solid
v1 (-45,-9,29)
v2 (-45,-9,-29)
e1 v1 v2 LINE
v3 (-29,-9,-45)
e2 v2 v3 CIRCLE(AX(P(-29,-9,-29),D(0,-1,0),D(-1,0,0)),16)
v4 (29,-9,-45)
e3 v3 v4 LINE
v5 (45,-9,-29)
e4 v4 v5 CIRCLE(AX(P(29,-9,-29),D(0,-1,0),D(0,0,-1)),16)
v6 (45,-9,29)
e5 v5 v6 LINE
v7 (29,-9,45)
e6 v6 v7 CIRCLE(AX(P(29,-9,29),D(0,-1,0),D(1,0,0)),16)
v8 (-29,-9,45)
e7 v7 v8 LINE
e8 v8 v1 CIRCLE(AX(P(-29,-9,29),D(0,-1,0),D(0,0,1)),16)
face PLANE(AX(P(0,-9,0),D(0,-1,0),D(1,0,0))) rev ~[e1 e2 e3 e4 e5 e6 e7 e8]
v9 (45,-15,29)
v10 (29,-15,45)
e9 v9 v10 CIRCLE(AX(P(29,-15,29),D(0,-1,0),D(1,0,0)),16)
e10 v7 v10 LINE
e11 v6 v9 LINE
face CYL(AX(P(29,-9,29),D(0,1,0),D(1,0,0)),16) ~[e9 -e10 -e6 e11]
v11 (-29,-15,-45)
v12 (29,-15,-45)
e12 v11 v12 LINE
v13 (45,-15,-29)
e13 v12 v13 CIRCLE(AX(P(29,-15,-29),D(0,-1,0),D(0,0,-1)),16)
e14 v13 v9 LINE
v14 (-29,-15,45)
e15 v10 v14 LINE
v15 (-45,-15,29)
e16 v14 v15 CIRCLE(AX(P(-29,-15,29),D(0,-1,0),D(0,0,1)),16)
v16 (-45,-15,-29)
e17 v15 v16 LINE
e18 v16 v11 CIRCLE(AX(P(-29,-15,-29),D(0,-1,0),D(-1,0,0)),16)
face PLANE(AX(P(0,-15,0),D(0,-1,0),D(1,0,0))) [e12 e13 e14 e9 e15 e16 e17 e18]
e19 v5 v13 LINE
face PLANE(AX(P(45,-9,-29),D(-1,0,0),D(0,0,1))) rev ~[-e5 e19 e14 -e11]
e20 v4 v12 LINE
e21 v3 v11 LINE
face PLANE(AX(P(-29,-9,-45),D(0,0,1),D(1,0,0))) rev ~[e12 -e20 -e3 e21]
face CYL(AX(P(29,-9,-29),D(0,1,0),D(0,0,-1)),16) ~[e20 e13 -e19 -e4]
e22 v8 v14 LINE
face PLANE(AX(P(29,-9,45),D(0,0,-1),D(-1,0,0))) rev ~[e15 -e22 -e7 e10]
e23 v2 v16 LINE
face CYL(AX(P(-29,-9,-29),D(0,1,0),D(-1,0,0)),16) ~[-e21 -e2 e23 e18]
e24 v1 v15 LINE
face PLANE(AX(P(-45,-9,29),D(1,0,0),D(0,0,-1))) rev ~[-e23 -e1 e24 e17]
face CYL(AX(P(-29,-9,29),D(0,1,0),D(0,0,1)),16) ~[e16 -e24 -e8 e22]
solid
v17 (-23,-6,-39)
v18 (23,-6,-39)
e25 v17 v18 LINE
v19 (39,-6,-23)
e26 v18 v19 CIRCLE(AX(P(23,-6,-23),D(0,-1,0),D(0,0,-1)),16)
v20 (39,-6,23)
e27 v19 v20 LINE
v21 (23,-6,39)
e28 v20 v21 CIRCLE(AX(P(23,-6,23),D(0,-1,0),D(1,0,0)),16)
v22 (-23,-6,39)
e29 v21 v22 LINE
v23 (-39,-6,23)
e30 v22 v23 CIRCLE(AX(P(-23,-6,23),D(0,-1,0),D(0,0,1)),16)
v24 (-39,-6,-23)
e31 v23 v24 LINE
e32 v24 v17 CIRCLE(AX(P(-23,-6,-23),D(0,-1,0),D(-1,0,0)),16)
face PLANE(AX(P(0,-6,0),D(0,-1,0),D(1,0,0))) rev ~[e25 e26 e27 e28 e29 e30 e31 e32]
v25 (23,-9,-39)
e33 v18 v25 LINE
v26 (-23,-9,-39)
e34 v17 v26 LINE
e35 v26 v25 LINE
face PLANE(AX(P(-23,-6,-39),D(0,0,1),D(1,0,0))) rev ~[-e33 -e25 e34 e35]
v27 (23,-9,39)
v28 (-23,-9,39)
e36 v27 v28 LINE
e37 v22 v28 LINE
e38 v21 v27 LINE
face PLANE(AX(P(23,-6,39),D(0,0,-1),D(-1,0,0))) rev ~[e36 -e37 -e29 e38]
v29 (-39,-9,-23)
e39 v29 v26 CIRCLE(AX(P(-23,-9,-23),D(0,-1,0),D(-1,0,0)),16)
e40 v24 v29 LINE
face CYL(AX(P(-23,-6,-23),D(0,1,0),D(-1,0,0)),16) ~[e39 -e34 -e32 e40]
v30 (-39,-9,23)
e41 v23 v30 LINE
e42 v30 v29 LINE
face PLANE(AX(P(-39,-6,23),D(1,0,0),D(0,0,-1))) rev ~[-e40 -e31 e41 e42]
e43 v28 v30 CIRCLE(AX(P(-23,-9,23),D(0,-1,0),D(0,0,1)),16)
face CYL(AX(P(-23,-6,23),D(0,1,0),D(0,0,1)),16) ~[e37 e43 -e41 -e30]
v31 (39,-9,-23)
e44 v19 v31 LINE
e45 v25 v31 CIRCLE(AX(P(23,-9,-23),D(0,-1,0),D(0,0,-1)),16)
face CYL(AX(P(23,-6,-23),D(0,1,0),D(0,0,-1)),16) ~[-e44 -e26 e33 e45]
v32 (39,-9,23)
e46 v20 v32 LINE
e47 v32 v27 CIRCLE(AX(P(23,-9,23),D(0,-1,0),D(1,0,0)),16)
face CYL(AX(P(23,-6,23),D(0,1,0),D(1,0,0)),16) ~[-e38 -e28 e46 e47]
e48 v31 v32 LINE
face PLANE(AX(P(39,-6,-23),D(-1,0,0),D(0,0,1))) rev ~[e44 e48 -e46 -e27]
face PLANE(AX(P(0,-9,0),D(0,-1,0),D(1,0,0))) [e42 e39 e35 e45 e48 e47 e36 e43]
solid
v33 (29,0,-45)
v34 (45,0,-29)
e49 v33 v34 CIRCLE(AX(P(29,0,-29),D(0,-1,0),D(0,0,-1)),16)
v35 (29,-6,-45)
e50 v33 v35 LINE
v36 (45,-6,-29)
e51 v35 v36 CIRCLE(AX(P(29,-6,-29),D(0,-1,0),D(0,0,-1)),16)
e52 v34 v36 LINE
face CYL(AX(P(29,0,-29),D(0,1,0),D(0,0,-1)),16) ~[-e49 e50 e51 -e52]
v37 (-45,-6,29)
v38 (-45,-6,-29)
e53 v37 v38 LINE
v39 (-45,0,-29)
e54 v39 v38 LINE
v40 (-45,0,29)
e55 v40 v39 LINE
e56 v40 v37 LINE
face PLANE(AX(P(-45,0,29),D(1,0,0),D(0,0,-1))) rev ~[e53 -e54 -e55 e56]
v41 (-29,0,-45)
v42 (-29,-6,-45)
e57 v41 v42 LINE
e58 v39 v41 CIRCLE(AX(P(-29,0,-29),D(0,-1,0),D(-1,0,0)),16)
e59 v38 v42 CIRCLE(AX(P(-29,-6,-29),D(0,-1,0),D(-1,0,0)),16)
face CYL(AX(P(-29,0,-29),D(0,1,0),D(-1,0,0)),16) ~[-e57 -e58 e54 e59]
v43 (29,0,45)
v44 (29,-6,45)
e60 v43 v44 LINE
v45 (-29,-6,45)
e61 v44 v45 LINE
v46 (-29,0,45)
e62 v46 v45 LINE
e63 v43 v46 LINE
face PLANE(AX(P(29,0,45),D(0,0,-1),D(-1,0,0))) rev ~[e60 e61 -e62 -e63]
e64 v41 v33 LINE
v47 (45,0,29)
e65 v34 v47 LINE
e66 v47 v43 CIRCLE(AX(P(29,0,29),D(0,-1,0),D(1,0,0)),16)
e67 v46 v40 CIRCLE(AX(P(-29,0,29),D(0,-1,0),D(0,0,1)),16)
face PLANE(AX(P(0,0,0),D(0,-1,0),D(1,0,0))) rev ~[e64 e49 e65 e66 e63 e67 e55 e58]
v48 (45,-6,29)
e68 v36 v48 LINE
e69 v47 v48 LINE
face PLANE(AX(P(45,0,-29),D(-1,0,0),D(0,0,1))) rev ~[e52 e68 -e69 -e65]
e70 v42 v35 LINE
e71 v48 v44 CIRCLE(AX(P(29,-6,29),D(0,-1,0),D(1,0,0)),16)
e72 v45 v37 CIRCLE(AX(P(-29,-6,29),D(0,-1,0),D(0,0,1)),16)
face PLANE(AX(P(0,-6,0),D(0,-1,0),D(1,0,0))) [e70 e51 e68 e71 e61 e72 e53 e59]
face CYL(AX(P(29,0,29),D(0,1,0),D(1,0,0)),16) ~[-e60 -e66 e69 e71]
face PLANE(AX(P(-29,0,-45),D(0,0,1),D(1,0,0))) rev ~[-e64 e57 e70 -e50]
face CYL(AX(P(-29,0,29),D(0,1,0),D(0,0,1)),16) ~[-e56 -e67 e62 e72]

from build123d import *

# Parameters (mm, degrees)
F1_DEPTH = 6
F3_DEPTH = 3
F5_DEPTH = 6


with BuildPart() as f1:
    # F0 (on Front) → F1 (new body)
    with BuildSketch(Plane.XZ):
        with BuildLine():
            Line((29, 45), (-29, 45))
            ThreePointArc((-29, 45), (-40.313708499, 40.313708499), (-45, 29))
            Line((-45, 29), (-45, -29))
            ThreePointArc((-45, -29), (-40.313708499, -40.313708499), (-29, -45))
            Line((-29, -45), (29, -45))
            ThreePointArc((29, -45), (40.313708499, -40.313708499), (45, -29))
            Line((45, -29), (45, 29))
            ThreePointArc((45, 29), (40.313708499, 40.313708499), (29, 45))
        make_face()
    extrude(amount=F1_DEPTH)


with BuildPart() as f3:
    # F2 (on face) → F3 (new body)
    with BuildSketch(Plane.XZ.offset(6)):
        with BuildLine():
            Line((23, 39), (-23, 39))
            ThreePointArc((-23, 39), (-34.313708499, 34.313708499), (-39, 23))
            Line((-39, 23), (-39, -23))
            ThreePointArc((-39, -23), (-34.313708499, -34.313708499), (-23, -39))
            Line((-23, -39), (23, -39))
            ThreePointArc((23, -39), (34.313708499, -34.313708499), (39, -23))
            Line((39, -23), (39, 23))
            ThreePointArc((39, 23), (34.313708499, 34.313708499), (23, 39))
        make_face()
    extrude(amount=F3_DEPTH)


with BuildPart() as f5:
    # F4 (on face) → F5 (new body)
    with BuildSketch(Plane.XZ.offset(9)):
        with BuildLine():
            Line((29, 45), (-29, 45))
            ThreePointArc((-29, 45), (-40.313708499, 40.313708499), (-45, 29))
            Line((-45, 29), (-45, -29))
            ThreePointArc((-45, -29), (-40.313708499, -40.313708499), (-29, -45))
            Line((-29, -45), (29, -45))
            ThreePointArc((29, -45), (40.313708499, -40.313708499), (45, -29))
            Line((45, -29), (45, 29))
            ThreePointArc((45, 29), (40.313708499, 40.313708499), (29, 45))
        make_face()
    extrude(amount=F5_DEPTH)


solid = Compound([f1.part, f3.part, f5.part])
